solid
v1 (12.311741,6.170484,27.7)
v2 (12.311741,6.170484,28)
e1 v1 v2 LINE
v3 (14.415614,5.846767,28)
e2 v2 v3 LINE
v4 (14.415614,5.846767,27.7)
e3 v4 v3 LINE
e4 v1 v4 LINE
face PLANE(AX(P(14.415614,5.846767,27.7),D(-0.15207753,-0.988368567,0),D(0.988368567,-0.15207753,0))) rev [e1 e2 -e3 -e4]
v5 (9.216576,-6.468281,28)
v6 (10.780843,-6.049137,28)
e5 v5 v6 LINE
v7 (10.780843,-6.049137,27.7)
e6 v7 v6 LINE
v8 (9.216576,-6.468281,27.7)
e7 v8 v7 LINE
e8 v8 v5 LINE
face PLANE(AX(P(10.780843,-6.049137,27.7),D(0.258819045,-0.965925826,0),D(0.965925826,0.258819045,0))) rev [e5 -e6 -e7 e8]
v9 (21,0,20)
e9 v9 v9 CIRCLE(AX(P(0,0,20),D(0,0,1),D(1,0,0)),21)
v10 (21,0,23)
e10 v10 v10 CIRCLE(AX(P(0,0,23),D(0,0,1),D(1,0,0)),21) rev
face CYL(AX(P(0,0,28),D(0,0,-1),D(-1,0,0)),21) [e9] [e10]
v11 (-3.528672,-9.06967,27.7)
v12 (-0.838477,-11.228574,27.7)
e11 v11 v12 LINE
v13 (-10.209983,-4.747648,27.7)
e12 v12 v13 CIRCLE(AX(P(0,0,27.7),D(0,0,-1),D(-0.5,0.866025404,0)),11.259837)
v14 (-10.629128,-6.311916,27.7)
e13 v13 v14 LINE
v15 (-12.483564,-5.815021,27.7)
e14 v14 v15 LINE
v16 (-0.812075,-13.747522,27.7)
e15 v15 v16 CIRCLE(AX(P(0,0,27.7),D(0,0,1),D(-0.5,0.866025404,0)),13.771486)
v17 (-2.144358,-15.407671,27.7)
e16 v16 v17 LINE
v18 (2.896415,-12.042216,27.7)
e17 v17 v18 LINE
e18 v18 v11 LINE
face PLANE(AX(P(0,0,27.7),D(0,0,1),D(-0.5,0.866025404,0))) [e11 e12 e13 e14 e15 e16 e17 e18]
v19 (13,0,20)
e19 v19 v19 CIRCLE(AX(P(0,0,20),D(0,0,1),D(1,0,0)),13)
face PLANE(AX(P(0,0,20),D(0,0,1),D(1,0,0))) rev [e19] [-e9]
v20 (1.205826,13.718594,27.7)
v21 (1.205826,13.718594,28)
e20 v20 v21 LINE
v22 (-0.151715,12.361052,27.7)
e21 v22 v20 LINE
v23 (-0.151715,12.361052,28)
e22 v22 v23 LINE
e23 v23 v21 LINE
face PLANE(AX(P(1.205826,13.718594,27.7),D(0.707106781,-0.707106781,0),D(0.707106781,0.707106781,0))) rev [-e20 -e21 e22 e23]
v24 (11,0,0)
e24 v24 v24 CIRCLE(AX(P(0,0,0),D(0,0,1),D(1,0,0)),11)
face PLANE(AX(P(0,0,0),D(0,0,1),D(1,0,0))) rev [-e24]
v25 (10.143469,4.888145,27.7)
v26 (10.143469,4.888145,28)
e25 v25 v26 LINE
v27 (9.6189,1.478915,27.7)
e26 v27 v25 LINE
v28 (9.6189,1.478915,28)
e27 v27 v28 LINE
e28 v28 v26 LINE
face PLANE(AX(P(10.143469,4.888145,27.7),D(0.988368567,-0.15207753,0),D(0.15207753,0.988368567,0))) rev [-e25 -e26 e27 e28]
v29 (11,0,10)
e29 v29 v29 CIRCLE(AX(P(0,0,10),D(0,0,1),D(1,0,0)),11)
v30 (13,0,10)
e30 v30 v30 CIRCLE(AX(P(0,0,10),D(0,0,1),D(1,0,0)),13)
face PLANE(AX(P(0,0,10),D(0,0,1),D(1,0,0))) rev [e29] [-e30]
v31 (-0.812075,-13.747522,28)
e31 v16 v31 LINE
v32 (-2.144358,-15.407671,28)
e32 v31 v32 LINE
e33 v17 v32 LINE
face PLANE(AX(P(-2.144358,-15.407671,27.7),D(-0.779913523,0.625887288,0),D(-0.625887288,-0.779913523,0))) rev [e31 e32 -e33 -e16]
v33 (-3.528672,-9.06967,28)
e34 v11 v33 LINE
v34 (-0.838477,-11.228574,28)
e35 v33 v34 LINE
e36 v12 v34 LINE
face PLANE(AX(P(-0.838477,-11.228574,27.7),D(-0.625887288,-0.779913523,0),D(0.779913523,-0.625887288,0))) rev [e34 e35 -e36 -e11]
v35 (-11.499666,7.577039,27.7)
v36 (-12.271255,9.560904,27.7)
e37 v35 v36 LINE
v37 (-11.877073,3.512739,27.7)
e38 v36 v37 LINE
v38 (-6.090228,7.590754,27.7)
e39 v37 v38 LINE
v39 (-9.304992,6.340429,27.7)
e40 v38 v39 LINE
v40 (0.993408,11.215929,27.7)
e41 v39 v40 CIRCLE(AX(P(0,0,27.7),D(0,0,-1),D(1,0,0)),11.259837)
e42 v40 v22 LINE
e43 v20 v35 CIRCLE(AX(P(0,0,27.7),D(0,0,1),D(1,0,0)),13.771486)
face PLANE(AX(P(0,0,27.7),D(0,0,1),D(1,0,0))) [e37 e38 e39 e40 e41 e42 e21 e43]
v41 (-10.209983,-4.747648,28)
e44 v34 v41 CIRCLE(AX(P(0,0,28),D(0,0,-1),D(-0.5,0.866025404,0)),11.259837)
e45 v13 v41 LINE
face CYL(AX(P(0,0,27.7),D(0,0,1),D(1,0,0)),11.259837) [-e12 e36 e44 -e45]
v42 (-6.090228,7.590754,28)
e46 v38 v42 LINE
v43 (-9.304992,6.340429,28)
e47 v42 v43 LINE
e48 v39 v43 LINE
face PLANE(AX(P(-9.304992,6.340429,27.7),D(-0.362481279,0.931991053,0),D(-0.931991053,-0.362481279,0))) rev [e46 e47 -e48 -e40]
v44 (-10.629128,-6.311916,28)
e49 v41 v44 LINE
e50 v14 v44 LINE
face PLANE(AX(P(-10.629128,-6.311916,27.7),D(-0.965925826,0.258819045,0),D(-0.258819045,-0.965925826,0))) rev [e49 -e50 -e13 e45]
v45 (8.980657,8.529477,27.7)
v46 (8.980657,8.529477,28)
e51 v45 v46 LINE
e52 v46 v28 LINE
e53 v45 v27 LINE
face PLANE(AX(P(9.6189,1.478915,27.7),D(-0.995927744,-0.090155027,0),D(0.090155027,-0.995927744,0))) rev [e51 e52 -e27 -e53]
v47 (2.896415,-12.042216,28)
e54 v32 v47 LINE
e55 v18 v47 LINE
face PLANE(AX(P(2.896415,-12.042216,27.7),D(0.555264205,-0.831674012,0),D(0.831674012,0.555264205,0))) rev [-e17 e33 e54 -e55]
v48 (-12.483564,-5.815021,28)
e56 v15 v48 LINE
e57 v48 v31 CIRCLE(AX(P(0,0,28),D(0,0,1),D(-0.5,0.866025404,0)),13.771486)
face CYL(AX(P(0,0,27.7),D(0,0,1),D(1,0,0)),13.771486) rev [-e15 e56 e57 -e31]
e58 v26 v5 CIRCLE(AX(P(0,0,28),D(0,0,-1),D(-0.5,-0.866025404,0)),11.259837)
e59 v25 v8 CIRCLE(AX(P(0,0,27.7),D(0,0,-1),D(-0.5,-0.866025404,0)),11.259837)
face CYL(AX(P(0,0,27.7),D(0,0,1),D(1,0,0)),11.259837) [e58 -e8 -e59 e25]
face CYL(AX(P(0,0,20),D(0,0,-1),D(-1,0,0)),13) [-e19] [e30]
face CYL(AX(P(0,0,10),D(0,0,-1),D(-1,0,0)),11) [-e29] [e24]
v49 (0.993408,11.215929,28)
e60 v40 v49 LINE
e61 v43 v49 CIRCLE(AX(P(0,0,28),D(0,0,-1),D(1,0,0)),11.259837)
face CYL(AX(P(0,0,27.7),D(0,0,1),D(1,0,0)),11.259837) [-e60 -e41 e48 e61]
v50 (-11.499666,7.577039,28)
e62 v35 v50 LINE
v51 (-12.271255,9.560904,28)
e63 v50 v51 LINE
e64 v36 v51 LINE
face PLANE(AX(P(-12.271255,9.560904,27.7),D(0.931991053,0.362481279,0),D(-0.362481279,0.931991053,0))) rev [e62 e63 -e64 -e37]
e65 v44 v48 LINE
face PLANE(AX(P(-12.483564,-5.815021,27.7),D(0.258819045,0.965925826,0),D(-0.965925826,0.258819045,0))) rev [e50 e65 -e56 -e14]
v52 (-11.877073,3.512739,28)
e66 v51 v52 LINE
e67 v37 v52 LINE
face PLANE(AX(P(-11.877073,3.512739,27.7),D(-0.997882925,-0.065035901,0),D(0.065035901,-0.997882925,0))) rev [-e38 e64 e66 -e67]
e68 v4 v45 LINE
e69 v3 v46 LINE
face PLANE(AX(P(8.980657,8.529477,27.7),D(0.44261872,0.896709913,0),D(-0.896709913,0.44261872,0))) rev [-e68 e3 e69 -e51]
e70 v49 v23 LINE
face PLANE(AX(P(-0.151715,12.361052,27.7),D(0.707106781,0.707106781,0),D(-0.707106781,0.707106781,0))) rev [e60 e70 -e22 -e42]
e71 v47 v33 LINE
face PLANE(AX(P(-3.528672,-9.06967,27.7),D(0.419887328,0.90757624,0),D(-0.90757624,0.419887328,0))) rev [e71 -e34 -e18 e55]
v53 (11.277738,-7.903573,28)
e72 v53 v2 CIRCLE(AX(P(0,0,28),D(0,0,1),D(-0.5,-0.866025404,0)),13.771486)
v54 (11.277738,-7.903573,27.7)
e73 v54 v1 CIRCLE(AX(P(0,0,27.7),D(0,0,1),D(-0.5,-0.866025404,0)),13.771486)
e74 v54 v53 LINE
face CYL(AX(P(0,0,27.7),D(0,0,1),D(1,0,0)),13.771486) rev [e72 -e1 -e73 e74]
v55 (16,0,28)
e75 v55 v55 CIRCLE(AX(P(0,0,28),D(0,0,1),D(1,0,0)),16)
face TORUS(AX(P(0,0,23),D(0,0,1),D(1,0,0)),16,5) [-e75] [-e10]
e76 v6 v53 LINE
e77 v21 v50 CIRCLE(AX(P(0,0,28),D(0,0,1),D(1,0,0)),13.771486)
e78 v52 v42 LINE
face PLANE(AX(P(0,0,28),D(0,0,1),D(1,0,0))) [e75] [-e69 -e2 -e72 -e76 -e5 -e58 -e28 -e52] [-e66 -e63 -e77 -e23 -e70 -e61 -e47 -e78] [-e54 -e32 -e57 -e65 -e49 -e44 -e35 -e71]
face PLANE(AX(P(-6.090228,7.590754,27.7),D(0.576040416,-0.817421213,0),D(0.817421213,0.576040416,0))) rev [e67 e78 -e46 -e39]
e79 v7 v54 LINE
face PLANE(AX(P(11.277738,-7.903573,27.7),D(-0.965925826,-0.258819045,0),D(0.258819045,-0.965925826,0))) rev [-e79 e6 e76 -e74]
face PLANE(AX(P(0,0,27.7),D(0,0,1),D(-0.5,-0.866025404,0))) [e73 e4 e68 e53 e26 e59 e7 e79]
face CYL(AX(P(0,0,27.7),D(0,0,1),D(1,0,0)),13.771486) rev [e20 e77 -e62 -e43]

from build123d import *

# Parameters (mm, degrees)
SKETCH_1_R               = 11
EXTRUDE_1_DEPTH          = 10
SKETCH_2_R               = 13
EXTRUDE_2_DEPTH          = 10
SKETCH_6_R               = 21
EXTRUDE_5_DEPTH          = 8
FILLET_4_R               = 5
CUT_EXTRUDE_3_DEPTH      = 0.3
PATTERN_CIRCULAR_1_COUNT = 3


with BuildPart() as part:
    # 草图1 → 凸台-拉伸1 (new body)
    with BuildSketch(Plane.XY):
        Circle(SKETCH_1_R)
    extrude(amount=EXTRUDE_1_DEPTH)

    # 草图2 → 凸台-拉伸2 (add)
    with BuildSketch(Plane.XY.offset(10)):
        Circle(SKETCH_2_R)
    extrude(amount=EXTRUDE_2_DEPTH)

    # 草图6 → 凸台-拉伸5 (add)
    with BuildSketch(Plane.XY.offset(20)):
        Circle(SKETCH_6_R)
    extrude(amount=EXTRUDE_5_DEPTH)

    # 圆角4
    fillet_4_edges = [part.edges().sort_by_distance(p)[0] for p in [
        (-21, 0, 28),
    ]]
    fillet(fillet_4_edges, radius=FILLET_4_R)

    # 草图7 → 切除-拉伸3 (cut)
    with BuildSketch(Plane.XY.offset(28)):
        with BuildLine():
            Line((-9.304992191, 6.340429284), (-6.090228266, 7.590754313))
            Line((-6.090228266, 7.590754313), (-11.877072904, 3.512738797))
            Line((-11.877072904, 3.512738797), (-12.271255314, 9.560904356))
            Line((-12.271255314, 9.560904356), (-11.499666165, 7.577038638))
            ThreePointArc((-11.499666165, 7.577038638), (-5.993368065, 12.398926391), (1.205826183, 13.718593938))
            Line((1.205826183, 13.718593938), (-0.151715423, 12.361052332))
            Line((-0.151715423, 12.361052332), (0.993407881, 11.215929028))
            ThreePointArc((0.993407881, 11.215929028), (-4.818011299, 10.176968621), (-9.304992191, 6.340429284))
        make_face()
    cut_extrude_3 = extrude(amount=-CUT_EXTRUDE_3_DEPTH, mode=Mode.SUBTRACT)

    # 阵列(圆周)1: 切除-拉伸3 ×3 about axis
    pattern_circular_1_axis = Axis((0, 0, 20), (0, 0, -1))
    for i in range(1, PATTERN_CIRCULAR_1_COUNT):
        add(cut_extrude_3.rotate(pattern_circular_1_axis, i * 360 / PATTERN_CIRCULAR_1_COUNT), mode=Mode.SUBTRACT)


solid = part.part
